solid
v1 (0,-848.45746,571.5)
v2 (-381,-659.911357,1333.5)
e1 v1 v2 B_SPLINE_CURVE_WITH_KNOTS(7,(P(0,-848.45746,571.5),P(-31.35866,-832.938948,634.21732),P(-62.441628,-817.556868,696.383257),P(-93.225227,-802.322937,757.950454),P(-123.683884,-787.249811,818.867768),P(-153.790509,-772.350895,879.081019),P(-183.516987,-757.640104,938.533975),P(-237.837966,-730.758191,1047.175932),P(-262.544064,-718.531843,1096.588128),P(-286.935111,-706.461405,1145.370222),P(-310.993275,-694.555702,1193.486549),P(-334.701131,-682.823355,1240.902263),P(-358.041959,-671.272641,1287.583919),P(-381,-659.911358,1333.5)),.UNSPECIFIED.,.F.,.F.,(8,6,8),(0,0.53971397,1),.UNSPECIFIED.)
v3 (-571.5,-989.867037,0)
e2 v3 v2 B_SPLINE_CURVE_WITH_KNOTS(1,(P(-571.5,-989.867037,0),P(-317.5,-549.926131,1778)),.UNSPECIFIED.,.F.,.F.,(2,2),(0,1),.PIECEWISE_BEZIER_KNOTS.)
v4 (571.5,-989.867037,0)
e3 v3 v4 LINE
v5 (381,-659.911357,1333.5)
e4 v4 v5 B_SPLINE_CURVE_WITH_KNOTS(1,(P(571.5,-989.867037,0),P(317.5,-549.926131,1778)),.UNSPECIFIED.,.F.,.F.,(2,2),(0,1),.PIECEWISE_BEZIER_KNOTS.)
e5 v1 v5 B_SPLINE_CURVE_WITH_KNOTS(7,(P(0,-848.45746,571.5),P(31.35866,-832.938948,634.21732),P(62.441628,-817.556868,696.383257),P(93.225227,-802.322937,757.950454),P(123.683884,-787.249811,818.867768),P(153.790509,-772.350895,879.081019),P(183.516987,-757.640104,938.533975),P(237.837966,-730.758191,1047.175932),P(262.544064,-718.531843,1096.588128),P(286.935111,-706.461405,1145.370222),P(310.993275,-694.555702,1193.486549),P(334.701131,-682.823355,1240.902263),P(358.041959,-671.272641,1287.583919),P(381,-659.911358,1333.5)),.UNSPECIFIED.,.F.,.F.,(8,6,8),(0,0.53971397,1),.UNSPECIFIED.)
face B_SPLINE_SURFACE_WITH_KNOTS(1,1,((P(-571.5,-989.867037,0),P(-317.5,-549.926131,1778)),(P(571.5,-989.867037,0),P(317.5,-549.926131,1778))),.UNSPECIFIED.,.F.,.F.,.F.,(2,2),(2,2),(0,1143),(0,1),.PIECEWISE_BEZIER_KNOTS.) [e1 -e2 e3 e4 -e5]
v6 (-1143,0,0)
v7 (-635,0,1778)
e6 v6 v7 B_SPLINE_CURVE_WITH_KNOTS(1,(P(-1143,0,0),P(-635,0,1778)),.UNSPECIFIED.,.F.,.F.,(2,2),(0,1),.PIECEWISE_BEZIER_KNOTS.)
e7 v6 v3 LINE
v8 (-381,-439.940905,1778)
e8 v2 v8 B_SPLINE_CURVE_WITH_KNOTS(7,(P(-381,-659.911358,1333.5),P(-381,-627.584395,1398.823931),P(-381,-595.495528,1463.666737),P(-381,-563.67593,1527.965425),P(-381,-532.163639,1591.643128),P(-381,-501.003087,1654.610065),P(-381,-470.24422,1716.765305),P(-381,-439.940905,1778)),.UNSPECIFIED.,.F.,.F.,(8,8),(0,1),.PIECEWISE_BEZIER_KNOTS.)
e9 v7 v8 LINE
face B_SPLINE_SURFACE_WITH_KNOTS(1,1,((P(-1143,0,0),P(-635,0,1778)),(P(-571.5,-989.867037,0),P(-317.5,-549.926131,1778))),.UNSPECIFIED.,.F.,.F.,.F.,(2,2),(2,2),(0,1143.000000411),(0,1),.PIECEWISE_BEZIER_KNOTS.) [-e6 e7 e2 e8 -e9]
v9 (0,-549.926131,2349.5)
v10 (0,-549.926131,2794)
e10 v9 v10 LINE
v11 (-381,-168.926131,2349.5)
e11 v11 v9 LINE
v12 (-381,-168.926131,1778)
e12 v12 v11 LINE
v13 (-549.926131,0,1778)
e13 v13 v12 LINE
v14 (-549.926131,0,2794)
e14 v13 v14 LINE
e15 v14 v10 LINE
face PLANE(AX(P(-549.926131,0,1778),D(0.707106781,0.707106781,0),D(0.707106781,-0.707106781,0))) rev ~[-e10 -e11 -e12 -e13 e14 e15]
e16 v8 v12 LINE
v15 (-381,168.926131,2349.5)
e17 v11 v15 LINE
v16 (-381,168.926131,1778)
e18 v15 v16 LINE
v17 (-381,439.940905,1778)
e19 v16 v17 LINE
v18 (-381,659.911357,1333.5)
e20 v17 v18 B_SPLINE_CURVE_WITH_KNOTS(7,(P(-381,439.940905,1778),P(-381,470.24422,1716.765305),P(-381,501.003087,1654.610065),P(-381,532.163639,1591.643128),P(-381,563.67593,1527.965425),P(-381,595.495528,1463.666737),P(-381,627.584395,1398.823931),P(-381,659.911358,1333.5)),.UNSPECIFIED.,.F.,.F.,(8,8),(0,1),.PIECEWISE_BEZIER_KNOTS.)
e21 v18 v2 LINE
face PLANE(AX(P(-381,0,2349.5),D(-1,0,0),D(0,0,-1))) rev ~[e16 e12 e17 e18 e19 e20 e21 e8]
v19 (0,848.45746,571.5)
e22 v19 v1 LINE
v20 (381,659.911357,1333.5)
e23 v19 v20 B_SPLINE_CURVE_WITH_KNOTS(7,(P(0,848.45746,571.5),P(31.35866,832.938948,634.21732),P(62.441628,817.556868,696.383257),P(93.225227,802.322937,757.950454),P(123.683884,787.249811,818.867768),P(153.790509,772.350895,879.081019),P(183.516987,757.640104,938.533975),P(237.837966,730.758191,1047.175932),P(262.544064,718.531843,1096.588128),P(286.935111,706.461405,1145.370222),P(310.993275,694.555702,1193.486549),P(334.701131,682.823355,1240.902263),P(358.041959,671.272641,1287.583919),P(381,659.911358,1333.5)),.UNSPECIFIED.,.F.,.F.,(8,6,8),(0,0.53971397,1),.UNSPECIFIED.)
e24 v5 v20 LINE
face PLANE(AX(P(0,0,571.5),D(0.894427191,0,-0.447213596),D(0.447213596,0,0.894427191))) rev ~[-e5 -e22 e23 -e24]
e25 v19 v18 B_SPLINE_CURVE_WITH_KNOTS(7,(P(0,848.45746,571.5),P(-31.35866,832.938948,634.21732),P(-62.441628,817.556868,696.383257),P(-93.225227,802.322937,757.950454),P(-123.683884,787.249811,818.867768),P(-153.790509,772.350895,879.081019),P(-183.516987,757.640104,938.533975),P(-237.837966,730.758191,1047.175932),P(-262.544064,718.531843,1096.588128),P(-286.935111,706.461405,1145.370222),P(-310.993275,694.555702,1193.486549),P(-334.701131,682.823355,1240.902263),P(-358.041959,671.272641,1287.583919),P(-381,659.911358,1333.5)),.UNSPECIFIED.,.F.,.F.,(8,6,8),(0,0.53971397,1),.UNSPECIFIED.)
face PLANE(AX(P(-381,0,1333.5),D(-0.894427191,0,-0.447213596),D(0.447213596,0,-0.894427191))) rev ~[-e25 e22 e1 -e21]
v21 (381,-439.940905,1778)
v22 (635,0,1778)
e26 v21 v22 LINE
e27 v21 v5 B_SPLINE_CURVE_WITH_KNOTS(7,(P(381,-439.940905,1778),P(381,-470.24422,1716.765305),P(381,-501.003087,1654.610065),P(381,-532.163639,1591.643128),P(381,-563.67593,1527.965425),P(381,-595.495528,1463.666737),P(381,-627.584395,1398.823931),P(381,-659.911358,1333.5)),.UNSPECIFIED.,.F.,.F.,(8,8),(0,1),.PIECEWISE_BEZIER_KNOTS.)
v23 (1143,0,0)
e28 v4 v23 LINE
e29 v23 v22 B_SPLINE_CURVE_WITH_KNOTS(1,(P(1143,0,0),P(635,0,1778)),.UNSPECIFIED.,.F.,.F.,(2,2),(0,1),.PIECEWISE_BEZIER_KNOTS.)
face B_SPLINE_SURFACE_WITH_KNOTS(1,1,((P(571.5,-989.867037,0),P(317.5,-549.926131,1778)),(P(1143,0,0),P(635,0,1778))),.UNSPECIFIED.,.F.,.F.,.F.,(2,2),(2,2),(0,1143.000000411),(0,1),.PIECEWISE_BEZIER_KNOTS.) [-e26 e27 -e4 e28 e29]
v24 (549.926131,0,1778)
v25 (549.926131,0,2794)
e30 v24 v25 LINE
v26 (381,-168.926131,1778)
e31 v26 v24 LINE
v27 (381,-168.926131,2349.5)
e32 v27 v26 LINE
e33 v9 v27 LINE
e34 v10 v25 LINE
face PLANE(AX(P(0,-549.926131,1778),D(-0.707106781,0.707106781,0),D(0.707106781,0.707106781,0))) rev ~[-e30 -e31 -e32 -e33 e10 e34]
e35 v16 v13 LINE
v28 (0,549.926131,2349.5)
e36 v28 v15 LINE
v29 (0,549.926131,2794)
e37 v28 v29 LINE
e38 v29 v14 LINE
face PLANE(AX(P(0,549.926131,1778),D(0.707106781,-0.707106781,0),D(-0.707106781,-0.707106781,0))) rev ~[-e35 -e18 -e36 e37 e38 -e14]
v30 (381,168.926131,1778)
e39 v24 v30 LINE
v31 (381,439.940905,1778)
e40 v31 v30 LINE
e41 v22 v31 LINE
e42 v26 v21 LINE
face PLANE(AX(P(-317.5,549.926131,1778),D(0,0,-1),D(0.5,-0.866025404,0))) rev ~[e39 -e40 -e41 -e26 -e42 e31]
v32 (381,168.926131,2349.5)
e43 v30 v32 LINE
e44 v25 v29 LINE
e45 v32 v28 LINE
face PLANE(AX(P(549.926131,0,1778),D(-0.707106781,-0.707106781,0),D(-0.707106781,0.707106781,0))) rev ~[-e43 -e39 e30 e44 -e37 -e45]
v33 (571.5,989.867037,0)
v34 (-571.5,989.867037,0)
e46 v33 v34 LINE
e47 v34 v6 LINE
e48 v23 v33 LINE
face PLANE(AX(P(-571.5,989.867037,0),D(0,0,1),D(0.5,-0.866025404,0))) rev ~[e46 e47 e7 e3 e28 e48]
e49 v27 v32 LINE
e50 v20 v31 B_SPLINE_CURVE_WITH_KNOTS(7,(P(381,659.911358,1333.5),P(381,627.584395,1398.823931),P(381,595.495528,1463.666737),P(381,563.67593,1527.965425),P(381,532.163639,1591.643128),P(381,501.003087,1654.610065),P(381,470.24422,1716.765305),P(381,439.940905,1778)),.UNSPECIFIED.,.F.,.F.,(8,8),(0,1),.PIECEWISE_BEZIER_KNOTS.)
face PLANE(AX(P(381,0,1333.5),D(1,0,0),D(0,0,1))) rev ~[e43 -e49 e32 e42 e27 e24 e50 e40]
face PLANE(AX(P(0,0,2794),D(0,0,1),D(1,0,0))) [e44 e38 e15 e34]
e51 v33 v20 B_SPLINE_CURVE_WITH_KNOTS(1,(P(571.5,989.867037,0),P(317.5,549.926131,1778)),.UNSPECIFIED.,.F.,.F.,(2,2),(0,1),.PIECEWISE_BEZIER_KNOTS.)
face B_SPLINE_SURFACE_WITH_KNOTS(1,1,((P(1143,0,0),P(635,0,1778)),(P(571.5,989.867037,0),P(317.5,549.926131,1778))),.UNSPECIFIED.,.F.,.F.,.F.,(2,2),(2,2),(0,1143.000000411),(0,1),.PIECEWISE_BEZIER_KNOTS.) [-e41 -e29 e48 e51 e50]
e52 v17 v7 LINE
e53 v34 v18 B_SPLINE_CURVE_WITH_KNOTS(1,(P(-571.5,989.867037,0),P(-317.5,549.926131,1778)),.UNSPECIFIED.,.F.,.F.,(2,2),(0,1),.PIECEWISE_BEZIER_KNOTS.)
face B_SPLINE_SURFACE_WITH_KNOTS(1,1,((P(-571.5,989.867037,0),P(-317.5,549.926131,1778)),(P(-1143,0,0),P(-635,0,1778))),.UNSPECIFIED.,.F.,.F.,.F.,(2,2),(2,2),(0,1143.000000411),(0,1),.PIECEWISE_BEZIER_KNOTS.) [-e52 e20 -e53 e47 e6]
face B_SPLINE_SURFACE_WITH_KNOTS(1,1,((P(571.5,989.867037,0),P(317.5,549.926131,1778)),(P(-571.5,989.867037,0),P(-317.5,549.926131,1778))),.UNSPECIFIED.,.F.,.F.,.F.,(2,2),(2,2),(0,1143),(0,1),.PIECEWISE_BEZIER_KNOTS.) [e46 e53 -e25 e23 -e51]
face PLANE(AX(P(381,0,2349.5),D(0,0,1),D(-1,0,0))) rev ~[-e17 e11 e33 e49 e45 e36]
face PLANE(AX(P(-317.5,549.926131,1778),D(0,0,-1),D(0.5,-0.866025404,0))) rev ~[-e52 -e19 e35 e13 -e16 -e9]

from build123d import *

# Parameters (mm, degrees)
F5_DEPTH = 1016
F7_DEPTH = 1188.72


with BuildPart() as f3:
    # F0 (on Top) → F3 section 0
    with BuildSketch(Plane.XY):
        Polygon((-571.5, 989.867037), (-1143, 0), (-571.5, -989.867037), (571.5, -989.867037), (1143, 0), (571.5, 989.867037), align=None)
    # F2 (on offset) → F3 section 1
    with BuildSketch(Plane.XY.offset(1778)):
        Polygon((317.5, -549.926131), (635, 0), (317.5, 549.926131), (-317.5, 549.926131), (-635, 0), (-317.5, -549.926131), align=None)
    loft()

    # F4 (on face) → F5 (join)
    with BuildSketch(Plane.XY.offset(1778)):
        Polygon((0, -549.926131), (549.926131, 0), (0, 549.926131), (-549.926131, 0), align=None)
    extrude(amount=F5_DEPTH)

    # F6 (on Front) → F7 (cut, symmetric)
    with BuildSketch(Plane.XZ):
        Polygon((-381, 2349.5), (-381, 1333.5), (0, 571.5), (381, 1333.5), (381, 2349.5), align=None)
    extrude(amount=F7_DEPTH, both=True, mode=Mode.SUBTRACT)


solid = f3.part
